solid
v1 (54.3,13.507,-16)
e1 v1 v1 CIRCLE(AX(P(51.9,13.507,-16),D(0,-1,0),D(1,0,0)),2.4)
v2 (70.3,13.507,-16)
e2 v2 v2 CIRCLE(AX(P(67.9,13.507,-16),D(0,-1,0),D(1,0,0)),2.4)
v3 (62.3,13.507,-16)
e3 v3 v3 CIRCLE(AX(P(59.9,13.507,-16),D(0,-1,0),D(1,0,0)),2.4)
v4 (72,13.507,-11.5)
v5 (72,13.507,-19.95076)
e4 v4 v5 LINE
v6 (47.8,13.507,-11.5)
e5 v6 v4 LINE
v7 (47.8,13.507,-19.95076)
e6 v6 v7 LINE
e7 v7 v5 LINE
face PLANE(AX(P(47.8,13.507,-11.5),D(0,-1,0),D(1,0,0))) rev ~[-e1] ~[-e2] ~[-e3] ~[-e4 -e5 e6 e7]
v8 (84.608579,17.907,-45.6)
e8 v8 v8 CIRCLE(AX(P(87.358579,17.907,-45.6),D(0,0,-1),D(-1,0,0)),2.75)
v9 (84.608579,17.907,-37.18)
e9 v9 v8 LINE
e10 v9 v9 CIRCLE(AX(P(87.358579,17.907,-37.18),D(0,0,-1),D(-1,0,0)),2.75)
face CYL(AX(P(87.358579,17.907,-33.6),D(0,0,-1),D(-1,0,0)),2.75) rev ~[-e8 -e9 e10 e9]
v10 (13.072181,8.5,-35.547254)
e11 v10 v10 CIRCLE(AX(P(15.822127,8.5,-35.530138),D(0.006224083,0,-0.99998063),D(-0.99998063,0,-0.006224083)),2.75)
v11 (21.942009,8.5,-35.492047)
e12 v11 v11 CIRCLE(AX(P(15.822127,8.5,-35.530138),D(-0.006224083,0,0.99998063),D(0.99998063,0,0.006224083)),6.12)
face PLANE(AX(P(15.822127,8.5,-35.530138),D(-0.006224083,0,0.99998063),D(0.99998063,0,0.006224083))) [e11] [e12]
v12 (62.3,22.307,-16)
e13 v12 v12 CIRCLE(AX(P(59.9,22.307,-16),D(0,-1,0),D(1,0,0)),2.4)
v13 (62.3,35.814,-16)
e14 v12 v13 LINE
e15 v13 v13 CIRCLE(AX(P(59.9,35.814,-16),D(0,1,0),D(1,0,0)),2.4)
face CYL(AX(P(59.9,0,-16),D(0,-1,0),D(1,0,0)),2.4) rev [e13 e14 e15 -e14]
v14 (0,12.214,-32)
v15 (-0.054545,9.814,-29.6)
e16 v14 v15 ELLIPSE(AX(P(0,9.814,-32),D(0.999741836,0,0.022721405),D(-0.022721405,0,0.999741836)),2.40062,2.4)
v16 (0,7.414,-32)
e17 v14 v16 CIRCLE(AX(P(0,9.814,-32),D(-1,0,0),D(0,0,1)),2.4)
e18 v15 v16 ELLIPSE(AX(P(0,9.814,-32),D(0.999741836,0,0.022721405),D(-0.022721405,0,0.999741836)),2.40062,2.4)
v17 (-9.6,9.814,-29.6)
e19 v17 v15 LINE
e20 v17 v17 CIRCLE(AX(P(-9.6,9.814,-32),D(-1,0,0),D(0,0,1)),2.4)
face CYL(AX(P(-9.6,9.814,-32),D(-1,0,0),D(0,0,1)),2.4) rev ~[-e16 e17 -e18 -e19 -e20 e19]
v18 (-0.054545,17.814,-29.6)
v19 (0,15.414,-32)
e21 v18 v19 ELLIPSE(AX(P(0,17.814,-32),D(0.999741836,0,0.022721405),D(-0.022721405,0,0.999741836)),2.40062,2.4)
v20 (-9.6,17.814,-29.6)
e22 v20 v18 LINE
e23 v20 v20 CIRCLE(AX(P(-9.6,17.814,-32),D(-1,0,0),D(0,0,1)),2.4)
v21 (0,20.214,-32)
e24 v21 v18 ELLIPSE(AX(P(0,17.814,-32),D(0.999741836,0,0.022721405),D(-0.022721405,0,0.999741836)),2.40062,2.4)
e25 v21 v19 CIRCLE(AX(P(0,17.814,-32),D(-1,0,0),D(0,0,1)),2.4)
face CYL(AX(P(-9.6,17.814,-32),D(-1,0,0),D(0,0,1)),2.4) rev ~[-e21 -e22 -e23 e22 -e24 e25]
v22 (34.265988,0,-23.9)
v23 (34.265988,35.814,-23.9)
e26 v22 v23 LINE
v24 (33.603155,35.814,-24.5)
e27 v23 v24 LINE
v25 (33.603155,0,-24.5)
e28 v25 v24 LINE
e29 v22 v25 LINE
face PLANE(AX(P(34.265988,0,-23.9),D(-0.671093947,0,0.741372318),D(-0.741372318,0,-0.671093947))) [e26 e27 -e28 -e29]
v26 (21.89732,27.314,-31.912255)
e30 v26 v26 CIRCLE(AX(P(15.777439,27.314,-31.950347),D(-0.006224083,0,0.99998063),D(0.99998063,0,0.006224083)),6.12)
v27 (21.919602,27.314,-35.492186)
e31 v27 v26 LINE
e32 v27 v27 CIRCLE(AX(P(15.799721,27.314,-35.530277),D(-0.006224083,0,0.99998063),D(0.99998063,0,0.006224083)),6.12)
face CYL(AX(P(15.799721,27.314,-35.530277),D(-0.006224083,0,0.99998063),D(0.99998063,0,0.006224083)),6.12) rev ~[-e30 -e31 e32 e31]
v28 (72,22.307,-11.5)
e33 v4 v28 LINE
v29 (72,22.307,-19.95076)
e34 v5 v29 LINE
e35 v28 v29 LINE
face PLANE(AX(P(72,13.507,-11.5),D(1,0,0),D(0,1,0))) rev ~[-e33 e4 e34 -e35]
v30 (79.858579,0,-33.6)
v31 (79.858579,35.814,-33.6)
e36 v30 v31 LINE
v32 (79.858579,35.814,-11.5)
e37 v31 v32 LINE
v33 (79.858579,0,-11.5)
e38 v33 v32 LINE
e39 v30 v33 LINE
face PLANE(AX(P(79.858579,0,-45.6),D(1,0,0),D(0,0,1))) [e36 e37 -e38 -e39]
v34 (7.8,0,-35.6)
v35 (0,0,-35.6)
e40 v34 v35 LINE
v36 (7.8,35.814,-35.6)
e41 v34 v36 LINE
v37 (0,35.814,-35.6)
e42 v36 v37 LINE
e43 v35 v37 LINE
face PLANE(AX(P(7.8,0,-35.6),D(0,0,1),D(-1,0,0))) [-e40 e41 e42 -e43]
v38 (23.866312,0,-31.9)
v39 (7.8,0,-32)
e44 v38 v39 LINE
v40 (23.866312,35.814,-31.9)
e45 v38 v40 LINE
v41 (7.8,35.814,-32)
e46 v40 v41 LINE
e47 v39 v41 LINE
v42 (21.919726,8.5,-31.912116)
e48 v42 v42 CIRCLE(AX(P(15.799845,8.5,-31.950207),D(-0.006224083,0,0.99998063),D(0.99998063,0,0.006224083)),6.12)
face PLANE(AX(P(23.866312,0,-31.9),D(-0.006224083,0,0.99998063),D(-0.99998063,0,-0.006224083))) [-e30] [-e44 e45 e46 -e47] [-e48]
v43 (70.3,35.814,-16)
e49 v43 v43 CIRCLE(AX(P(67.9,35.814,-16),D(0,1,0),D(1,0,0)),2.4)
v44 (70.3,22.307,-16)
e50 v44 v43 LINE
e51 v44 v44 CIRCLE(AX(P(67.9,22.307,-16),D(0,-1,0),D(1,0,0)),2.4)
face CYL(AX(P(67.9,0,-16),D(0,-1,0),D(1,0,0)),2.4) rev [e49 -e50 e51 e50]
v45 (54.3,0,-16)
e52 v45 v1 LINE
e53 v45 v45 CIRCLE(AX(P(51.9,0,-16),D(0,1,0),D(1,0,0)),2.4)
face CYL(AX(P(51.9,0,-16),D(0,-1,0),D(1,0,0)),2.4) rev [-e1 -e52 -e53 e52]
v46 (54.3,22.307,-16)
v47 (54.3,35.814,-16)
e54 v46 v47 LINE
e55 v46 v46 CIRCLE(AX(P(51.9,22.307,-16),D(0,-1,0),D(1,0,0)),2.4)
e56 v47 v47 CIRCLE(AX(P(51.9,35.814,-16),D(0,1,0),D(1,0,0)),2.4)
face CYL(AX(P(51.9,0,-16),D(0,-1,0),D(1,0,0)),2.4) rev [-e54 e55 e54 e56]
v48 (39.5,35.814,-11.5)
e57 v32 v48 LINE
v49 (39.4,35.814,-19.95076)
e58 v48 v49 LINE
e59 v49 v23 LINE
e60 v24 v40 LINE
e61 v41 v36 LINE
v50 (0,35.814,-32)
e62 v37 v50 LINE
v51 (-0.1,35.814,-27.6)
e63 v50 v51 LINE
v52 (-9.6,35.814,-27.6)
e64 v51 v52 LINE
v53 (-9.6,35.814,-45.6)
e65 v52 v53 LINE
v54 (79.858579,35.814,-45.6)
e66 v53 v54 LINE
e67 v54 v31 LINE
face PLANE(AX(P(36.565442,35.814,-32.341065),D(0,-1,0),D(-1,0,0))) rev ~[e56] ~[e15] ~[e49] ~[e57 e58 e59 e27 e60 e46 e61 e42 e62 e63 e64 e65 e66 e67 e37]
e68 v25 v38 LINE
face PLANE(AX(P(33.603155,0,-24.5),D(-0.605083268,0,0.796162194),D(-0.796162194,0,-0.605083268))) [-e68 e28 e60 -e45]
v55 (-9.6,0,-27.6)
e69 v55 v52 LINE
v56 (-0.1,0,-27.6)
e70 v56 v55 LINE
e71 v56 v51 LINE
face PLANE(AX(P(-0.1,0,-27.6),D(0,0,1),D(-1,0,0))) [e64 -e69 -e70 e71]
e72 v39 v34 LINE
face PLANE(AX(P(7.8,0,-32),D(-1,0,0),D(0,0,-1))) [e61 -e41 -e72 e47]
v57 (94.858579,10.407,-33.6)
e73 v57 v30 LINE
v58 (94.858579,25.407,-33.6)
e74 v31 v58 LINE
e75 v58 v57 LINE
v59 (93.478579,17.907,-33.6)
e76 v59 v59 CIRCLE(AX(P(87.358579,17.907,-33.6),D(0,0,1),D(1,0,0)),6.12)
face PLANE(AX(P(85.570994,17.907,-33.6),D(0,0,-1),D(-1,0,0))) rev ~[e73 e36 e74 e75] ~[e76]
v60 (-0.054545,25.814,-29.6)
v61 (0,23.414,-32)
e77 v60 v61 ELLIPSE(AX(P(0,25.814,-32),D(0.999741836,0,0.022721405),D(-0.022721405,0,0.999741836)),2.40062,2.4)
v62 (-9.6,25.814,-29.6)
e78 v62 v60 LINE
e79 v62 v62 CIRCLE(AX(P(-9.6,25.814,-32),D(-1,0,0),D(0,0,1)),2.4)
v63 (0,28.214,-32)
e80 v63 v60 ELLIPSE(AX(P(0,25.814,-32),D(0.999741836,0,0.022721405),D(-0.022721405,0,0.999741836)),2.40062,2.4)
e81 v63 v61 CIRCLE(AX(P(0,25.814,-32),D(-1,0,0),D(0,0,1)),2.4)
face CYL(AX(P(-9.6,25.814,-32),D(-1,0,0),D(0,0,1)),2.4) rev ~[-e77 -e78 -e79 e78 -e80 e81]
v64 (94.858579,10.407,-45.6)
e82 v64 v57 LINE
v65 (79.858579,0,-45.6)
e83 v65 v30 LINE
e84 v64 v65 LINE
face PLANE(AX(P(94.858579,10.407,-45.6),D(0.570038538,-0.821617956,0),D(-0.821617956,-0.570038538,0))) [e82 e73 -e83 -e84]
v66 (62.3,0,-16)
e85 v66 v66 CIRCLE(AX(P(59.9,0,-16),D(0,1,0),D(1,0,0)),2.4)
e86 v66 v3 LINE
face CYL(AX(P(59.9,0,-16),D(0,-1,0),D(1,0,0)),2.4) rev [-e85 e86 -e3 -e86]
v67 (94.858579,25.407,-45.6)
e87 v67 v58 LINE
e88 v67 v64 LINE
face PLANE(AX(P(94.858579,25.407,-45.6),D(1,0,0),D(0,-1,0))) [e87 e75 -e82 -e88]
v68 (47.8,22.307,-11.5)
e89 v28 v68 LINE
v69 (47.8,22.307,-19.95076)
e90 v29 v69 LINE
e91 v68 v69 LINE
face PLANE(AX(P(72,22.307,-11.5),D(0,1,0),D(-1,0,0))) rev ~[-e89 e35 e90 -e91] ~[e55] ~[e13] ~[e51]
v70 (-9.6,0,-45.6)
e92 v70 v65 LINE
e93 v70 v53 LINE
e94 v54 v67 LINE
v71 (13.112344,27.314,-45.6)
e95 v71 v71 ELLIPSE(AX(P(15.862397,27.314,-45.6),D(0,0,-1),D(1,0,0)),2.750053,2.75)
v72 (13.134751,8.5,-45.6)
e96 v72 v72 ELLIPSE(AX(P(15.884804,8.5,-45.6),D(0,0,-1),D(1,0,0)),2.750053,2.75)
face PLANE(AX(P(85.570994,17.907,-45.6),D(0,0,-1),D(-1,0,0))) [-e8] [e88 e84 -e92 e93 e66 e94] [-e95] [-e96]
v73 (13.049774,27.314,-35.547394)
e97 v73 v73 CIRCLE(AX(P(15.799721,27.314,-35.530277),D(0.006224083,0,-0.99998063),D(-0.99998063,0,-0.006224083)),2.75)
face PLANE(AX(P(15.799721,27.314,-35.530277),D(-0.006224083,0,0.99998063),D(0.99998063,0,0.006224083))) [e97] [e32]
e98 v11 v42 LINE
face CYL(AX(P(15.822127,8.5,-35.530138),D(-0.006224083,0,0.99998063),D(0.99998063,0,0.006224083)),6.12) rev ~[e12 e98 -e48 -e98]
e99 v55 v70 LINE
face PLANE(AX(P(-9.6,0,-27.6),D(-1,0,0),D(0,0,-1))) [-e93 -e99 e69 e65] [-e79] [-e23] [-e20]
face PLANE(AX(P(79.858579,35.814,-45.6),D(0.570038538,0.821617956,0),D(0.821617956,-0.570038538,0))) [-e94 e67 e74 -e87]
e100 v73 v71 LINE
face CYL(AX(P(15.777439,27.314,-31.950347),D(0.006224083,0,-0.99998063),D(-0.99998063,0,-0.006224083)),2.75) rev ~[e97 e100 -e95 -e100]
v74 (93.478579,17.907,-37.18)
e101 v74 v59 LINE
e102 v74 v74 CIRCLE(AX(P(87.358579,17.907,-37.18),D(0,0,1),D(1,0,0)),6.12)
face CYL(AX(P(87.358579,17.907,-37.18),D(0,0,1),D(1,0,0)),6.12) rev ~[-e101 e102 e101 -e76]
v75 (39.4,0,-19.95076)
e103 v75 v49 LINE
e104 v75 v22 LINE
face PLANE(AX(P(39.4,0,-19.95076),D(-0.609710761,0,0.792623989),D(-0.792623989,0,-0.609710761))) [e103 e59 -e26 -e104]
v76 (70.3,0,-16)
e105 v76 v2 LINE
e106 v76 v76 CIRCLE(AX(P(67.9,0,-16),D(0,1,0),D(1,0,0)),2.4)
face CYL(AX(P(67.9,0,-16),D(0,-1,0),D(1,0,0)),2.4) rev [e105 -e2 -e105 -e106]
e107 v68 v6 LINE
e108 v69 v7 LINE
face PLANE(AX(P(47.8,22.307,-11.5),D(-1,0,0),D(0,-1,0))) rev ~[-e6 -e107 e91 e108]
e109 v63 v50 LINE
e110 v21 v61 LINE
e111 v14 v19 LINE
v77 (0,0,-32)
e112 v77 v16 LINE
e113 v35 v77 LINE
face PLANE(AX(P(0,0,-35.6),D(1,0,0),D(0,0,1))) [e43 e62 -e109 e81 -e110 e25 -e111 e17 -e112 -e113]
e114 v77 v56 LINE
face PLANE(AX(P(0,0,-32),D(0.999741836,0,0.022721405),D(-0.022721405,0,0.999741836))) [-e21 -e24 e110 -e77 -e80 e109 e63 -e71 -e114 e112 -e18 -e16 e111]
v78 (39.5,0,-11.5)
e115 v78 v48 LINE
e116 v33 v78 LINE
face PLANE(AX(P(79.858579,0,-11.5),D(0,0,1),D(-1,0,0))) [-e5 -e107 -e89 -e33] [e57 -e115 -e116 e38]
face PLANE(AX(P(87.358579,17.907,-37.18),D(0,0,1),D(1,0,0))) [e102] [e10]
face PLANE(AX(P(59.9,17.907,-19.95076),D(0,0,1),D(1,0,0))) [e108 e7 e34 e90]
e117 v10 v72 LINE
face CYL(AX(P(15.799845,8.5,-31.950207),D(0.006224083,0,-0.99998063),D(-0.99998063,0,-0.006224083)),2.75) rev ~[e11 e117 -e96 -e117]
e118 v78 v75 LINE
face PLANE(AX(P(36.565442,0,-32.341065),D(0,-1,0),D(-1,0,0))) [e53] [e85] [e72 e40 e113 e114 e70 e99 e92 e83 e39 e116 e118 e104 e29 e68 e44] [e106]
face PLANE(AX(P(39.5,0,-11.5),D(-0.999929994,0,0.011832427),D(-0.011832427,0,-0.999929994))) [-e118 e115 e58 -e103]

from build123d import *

# Parameters (mm, degrees)
SKETCH2_R                               = 2.4
BOSS_EXTRUDE1_DEPTH                     = 35.814
CUT_EXTRUDE1_DEPTH                      = 8.45076
CBORE_FOR_M5_HEX_HEAD_BOLT1_D           = 5.5
CBORE_FOR_M5_HEX_HEAD_BOLT1_CBORE_D     = 12.24
CBORE_FOR_M5_HEX_HEAD_BOLT1_CBORE_DEPTH = 3.58
BOSS_EXTRUDE2_DEPTH                     = 12
CBORE_FOR_M5_HEX_HEAD_BOLT2_D           = 5.5
CBORE_FOR_M5_HEX_HEAD_BOLT2_DEPTH       = 12
CBORE_FOR_M5_HEX_HEAD_BOLT2_CBORE_D     = 12.24
CBORE_FOR_M5_HEX_HEAD_BOLT2_CBORE_DEPTH = 3.58
CUT_EXTRUDE2_REACH                      = 106.459
SKETCH11_R                              = 2.4


with BuildPart() as part:
    # Sketch2 → Boss-Extrude1 (new body)
    with BuildSketch(Plane(origin=(0, 0, 0), x_dir=(1, 0, 0), z_dir=(0, 1, 0))):
        Polygon((79.858578644, 45.6), (79.858578644, 11.5), (39.5, 11.5), (39.4, 19.95075985), (34.265987805, 23.9), (33.603154542, 24.5), (23.866312437, 31.9), (7.8, 32), (7.8, 35.6), (0, 35.6), (0, 32), (-0.1, 27.6), (-9.6, 27.6), (-9.6, 45.6), align=None)
        with Locations((67.9, 16)):
            Circle(SKETCH2_R, mode=Mode.SUBTRACT)
        with Locations((51.9, 16)):
            Circle(SKETCH2_R, mode=Mode.SUBTRACT)
        with Locations((59.9, 16)):
            Circle(SKETCH2_R, mode=Mode.SUBTRACT)
    extrude(amount=BOSS_EXTRUDE1_DEPTH)

    # Sketch4 → Cut-Extrude1 (cut)
    with BuildSketch(Plane.XY.offset(-11.5)):
        Polygon((67.9, 22.307), (51.9, 22.307), (47.8, 22.307), (47.8, 13.507), (51.9, 13.507), (67.9, 13.507), (72, 13.507), (72, 22.307), align=None)
    extrude(amount=-CUT_EXTRUDE1_DEPTH, mode=Mode.SUBTRACT)

    # CBORE for M5 Hex Head Bolt1 (through all)
    with Locations(Plane(origin=(0.199468966, 0, -32.047307253), x_dir=(0.99998063, 0, 0.006224083), z_dir=(-0.006224083, 0, 0.99998063))):
        with Locations((15.578271559, 27.314), (15.600678258, 8.5)):
            CounterBoreHole(CBORE_FOR_M5_HEX_HEAD_BOLT1_D / 2, CBORE_FOR_M5_HEX_HEAD_BOLT1_CBORE_D / 2, CBORE_FOR_M5_HEX_HEAD_BOLT1_CBORE_DEPTH)

    # Sketch8 → Boss-Extrude2 (add)
    with BuildSketch(Plane(origin=(0, 0, -45.6), x_dir=(-1, 0, 0), z_dir=(0, 0, -1))):
        Polygon((-79.858578644, 35.814), (-94.858578644, 25.407), (-94.858578644, 10.407), (-79.858578644, 0), align=None)
    extrude(amount=-BOSS_EXTRUDE2_DEPTH)

    # CBORE for M5 Hex Head Bolt2
    with Locations(Plane.XY.offset(-33.6)):
        with Locations((87.358578644, 17.907)):
            CounterBoreHole(CBORE_FOR_M5_HEX_HEAD_BOLT2_D / 2, CBORE_FOR_M5_HEX_HEAD_BOLT2_CBORE_D / 2, CBORE_FOR_M5_HEX_HEAD_BOLT2_CBORE_DEPTH, depth=CBORE_FOR_M5_HEX_HEAD_BOLT2_DEPTH)

    # Sketch11 → Cut-Extrude2 (cut, up to next)
    with BuildSketch(Plane.ZY.offset(9.6), mode=Mode.PRIVATE) as cut_extrude2_sk1:
        with Locations((-32, 25.814)):
            Circle(SKETCH11_R)
    cut_extrude2_tool1 = extrude(cut_extrude2_sk1.sketch, amount=-CUT_EXTRUDE2_REACH, mode=Mode.PRIVATE) & part.part
    add(cut_extrude2_tool1.solids().sort_by_distance((-9.6, 25.814, -32))[0], mode=Mode.SUBTRACT)
    # Sketch11 → Cut-Extrude2 (cut, up to next)
    with BuildSketch(Plane.ZY.offset(9.6), mode=Mode.PRIVATE) as cut_extrude2_sk2:
        with Locations((-32, 17.814)):
            Circle(SKETCH11_R)
    cut_extrude2_tool2 = extrude(cut_extrude2_sk2.sketch, amount=-CUT_EXTRUDE2_REACH, mode=Mode.PRIVATE) & part.part
    add(cut_extrude2_tool2.solids().sort_by_distance((-9.6, 17.814, -32))[0], mode=Mode.SUBTRACT)
    # Sketch11 → Cut-Extrude2 (cut, up to next)
    with BuildSketch(Plane.ZY.offset(9.6), mode=Mode.PRIVATE) as cut_extrude2_sk3:
        with Locations((-32, 9.814)):
            Circle(SKETCH11_R)
    cut_extrude2_tool3 = extrude(cut_extrude2_sk3.sketch, amount=-CUT_EXTRUDE2_REACH, mode=Mode.PRIVATE) & part.part
    add(cut_extrude2_tool3.solids().sort_by_distance((-9.6, 9.814, -32))[0], mode=Mode.SUBTRACT)


solid = part.part
